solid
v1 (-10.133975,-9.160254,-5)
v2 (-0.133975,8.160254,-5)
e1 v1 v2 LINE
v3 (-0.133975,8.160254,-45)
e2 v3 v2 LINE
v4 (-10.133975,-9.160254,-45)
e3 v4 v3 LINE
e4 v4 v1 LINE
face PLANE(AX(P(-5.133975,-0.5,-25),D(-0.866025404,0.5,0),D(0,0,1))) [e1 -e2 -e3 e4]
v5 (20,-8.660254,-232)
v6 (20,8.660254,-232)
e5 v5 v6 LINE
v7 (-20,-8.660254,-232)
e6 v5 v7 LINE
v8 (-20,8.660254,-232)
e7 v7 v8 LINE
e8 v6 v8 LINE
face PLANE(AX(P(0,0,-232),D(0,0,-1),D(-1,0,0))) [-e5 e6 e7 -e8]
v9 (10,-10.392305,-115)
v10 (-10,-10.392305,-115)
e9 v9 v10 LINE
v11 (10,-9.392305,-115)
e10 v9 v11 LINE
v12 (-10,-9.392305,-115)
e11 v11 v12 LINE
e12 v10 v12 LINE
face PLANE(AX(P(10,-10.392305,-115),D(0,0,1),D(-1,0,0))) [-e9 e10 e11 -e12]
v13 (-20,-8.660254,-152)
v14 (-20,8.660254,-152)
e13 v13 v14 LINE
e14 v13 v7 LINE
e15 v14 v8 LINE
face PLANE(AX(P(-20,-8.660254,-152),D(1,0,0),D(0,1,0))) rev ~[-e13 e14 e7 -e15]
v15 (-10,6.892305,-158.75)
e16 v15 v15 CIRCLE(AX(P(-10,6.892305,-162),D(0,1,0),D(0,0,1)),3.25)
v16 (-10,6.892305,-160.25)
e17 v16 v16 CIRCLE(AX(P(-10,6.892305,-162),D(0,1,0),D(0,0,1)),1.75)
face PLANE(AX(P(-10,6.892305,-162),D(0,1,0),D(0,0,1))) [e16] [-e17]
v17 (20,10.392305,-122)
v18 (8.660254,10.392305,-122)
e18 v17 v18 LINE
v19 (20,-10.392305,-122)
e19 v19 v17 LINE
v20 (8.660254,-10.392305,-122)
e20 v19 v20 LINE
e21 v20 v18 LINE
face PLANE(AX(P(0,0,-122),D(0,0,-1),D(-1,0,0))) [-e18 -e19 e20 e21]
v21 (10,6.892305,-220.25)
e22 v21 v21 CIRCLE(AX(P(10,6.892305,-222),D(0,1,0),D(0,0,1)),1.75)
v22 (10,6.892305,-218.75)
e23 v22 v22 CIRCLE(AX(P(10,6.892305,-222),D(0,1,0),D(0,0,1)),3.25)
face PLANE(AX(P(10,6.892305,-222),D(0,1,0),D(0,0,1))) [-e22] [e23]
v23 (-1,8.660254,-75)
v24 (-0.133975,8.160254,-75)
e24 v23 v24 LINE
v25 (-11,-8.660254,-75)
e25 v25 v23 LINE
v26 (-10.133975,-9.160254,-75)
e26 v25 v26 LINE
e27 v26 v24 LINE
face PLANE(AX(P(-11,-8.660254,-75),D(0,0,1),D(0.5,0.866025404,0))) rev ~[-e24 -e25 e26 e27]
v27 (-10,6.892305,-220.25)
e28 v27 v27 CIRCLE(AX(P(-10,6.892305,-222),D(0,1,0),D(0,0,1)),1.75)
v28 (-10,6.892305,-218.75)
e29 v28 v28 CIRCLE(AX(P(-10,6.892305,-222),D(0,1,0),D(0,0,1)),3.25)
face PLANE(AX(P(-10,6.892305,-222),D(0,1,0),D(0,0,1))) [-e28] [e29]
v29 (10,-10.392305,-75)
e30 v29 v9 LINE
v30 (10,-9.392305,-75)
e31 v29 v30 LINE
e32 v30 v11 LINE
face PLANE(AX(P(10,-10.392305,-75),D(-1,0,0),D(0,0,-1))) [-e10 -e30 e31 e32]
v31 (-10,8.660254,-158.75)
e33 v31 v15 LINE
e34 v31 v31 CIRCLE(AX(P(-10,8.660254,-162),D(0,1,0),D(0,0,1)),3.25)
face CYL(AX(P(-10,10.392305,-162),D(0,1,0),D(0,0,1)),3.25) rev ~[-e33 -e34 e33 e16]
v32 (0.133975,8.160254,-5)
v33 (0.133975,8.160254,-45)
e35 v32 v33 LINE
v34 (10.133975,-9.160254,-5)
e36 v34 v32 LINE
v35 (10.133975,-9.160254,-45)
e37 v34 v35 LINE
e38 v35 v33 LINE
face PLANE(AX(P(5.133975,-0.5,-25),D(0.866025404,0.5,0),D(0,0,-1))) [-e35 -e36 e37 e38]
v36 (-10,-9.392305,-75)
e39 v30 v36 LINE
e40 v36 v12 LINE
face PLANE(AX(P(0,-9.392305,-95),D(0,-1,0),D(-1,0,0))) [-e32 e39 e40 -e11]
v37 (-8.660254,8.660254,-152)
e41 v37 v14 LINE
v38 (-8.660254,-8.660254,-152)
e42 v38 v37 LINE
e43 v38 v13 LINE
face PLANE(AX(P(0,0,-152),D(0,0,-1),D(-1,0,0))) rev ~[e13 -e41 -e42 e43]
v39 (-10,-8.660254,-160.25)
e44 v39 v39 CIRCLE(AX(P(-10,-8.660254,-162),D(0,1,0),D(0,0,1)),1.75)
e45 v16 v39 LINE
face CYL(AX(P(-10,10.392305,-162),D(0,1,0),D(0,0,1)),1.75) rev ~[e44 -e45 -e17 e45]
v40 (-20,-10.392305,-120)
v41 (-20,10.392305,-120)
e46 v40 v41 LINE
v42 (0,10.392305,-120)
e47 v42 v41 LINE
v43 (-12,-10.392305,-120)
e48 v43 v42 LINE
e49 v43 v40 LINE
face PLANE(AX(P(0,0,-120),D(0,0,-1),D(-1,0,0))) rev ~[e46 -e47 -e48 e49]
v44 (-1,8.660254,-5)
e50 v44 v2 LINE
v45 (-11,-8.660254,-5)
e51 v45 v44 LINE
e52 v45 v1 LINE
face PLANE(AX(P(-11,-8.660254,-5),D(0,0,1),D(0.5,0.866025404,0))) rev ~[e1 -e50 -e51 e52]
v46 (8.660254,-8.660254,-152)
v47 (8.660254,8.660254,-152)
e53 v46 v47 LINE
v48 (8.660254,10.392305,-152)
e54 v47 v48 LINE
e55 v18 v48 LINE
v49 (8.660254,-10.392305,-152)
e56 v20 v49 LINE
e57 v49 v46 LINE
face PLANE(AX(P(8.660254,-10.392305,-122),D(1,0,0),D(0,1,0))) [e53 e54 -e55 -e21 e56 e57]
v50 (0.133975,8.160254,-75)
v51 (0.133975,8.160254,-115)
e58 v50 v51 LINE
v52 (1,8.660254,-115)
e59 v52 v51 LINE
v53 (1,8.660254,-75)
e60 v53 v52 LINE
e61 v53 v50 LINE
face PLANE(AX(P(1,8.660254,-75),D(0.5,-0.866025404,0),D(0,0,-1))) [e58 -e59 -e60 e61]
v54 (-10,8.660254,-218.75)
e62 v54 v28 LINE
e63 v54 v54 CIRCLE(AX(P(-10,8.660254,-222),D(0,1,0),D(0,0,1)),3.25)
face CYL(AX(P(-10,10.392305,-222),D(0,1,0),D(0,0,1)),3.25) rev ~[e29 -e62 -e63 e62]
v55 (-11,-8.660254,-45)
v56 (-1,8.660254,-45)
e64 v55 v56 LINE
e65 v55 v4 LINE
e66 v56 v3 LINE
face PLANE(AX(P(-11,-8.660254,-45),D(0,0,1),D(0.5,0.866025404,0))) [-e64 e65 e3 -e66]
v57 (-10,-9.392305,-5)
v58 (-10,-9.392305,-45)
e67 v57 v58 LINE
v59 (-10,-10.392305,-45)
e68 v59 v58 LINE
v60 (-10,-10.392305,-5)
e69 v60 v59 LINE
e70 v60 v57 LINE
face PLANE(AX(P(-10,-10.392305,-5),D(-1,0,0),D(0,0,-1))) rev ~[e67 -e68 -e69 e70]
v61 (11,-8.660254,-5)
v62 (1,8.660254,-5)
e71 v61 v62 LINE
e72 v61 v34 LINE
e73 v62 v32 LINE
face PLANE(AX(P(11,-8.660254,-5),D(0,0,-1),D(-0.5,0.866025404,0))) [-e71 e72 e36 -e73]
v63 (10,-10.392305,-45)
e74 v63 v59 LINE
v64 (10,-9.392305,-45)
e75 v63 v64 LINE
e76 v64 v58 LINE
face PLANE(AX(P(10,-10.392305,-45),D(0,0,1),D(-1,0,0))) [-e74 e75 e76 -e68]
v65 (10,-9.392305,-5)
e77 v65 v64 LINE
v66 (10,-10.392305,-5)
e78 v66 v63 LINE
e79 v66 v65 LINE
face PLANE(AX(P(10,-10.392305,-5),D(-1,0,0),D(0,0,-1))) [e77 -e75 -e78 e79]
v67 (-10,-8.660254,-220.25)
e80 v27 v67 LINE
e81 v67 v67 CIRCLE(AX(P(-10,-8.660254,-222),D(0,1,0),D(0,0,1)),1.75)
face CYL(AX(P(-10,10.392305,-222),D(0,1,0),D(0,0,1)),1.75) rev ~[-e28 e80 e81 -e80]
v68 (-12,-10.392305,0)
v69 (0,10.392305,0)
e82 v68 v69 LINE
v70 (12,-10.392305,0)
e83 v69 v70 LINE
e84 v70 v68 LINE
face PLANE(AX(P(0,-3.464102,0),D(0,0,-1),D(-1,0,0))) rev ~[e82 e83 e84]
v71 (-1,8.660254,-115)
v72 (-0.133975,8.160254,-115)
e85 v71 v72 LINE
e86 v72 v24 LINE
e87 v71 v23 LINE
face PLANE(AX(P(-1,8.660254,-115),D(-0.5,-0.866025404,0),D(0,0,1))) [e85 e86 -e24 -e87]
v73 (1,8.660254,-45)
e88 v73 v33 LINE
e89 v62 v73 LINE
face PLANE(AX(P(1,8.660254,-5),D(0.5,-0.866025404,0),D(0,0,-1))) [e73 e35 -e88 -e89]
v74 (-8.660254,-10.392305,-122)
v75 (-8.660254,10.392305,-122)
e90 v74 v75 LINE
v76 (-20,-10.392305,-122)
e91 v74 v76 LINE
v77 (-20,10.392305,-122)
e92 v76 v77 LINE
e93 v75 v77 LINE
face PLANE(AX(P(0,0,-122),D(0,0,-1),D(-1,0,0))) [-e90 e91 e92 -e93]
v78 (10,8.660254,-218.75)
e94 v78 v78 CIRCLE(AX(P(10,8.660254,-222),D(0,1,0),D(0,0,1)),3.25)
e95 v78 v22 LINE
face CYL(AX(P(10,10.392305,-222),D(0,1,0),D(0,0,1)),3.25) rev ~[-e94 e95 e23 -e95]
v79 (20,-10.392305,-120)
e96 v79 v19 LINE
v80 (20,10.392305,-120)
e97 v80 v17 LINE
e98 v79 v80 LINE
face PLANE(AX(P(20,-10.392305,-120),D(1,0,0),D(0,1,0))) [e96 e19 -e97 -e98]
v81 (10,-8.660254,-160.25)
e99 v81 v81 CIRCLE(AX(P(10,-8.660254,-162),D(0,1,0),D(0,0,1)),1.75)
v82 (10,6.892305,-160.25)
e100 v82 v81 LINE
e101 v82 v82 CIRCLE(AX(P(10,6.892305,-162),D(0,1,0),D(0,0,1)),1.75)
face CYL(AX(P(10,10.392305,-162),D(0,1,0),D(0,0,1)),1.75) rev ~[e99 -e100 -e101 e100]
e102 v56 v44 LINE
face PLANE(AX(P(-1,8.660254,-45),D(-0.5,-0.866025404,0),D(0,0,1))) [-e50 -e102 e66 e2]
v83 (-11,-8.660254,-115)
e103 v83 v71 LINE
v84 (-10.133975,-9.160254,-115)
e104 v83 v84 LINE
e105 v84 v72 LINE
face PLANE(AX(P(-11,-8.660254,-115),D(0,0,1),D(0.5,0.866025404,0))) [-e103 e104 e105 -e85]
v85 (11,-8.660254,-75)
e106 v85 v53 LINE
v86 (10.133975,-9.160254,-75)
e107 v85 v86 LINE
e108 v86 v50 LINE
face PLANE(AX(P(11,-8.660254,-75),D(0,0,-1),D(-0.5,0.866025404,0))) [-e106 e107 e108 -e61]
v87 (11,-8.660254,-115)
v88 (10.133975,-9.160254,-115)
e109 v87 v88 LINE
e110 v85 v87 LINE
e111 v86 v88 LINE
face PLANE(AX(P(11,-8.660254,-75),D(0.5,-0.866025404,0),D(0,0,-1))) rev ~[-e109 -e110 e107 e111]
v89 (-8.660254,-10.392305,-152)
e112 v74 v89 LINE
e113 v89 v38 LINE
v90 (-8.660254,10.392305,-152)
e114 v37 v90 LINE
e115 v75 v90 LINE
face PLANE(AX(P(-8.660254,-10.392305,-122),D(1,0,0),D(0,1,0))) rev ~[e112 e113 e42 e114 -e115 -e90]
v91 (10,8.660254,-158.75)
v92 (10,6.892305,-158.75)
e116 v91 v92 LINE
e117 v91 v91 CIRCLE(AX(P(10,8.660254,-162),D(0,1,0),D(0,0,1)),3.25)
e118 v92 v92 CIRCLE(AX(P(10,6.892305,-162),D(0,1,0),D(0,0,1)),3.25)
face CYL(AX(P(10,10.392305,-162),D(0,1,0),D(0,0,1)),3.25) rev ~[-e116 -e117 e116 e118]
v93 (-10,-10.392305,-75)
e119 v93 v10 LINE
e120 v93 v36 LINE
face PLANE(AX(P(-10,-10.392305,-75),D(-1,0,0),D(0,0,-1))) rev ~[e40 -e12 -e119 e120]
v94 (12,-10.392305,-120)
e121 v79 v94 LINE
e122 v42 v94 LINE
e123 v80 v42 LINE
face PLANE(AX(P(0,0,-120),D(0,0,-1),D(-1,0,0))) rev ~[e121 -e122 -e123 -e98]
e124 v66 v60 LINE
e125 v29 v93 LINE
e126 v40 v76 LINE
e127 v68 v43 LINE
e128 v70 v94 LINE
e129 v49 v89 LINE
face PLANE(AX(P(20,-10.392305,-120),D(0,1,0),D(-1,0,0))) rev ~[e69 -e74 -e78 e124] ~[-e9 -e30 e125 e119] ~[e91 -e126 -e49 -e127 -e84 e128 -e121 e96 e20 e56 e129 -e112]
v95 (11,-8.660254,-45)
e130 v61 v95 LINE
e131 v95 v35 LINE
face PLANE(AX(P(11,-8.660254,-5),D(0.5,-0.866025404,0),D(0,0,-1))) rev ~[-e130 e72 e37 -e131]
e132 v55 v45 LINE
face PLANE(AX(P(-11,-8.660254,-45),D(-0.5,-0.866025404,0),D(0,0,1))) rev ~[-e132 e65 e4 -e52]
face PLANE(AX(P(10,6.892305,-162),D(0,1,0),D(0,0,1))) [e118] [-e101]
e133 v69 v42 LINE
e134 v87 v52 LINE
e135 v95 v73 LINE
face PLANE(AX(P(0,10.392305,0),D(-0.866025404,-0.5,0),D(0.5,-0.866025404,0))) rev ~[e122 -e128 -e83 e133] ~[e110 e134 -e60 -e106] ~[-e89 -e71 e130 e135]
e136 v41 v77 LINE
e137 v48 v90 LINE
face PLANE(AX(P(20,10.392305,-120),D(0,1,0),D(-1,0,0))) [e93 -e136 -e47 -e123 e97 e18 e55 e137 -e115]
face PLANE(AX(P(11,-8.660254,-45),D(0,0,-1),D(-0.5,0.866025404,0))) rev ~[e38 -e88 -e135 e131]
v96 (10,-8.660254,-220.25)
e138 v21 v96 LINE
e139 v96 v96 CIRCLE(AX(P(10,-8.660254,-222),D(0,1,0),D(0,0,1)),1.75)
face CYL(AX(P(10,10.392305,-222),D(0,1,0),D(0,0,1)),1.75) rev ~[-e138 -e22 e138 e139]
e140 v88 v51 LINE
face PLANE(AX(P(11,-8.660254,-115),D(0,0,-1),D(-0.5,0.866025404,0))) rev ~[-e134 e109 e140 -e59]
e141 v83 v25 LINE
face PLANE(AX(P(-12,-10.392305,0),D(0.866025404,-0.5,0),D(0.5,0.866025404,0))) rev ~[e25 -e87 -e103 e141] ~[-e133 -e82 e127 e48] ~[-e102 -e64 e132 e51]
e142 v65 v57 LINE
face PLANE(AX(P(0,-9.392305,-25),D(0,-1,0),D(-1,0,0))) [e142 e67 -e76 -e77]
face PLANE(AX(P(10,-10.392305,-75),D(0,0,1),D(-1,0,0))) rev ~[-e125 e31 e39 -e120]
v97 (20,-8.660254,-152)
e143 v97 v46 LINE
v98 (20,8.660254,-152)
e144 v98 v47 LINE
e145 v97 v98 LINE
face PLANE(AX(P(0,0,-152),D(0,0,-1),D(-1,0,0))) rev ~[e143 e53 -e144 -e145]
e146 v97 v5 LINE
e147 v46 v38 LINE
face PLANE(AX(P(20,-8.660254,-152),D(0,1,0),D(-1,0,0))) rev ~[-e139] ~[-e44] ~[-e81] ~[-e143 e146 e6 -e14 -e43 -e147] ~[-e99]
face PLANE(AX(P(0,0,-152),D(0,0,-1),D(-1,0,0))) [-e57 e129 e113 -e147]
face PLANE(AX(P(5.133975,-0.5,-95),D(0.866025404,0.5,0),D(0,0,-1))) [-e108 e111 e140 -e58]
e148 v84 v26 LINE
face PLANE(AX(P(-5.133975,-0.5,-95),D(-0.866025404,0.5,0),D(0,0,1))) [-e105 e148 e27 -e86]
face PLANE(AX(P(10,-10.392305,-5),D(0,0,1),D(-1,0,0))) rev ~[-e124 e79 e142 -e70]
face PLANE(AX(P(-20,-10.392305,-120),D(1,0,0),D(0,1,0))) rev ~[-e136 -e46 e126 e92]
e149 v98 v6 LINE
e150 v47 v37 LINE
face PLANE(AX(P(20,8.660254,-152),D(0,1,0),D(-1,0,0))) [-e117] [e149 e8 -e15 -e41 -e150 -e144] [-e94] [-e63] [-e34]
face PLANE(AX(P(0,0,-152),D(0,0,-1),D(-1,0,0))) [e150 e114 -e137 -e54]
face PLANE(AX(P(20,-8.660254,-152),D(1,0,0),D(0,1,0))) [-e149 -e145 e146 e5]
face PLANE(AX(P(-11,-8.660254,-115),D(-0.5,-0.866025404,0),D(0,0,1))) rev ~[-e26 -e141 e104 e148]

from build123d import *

# Parameters (mm, degrees)
EXTRUDE_2_DEPTH     = 120
SKETCH_3_W          = 40
SKETCH_3_H          = 20.78460969
EXTRUDE_3_DEPTH     = 2
SKETCH_4_W          = 17.320508076
SKETCH_4_H          = 20.78460969
EXTRUDE_4_DEPTH     = 30
SKETCH_5_W          = 40
SKETCH_5_H          = 17.320508076
EXTRUDE_5_DEPTH     = 80
SKETCH_6_R          = 1.75
CUT_EXTRUDE_1_DEPTH = 234.786227139
SKETCH_7_R          = 3.25
CUT_EXTRUDE_2_DEPTH = 3.5
SKETCH_8_W          = 40
SKETCH_8_H          = 20
CUT_EXTRUDE_3_DEPTH = 1
SKETCH_10_W         = 40
SKETCH_10_H         = 20
CUT_EXTRUDE_4_DEPTH = 1
SKETCH_11_W         = 20
SKETCH_11_H         = 40
CUT_EXTRUDE_5_DEPTH = 1


with BuildPart() as part:
    # ｽｹｯﾁ2 → ﾎﾞｽ - 押し出し2 (new body)
    with BuildSketch(Plane(origin=(0, 0, 0), x_dir=(-1, 0, 0), z_dir=(0, 0, -1))):
        Polygon((12, -10.392304845), (0, 10.392304845), (-12, -10.392304845), align=None)
    extrude(amount=EXTRUDE_2_DEPTH)

    # ｽｹｯﾁ3 → ﾎﾞｽ - 押し出し3 (add)
    with BuildSketch(Plane(origin=(0, 0, -120), x_dir=(-1, 0, 0), z_dir=(0, 0, -1))):
        Rectangle(SKETCH_3_W, SKETCH_3_H)
    extrude(amount=EXTRUDE_3_DEPTH)

    # ｽｹｯﾁ4 → ﾎﾞｽ - 押し出し4 (add)
    with BuildSketch(Plane(origin=(0, 0, -122), x_dir=(-1, 0, 0), z_dir=(0, 0, -1))):
        Rectangle(SKETCH_4_W, SKETCH_4_H)
    extrude(amount=EXTRUDE_4_DEPTH)

    # ｽｹｯﾁ5 → ﾎﾞｽ - 押し出し5 (add)
    with BuildSketch(Plane(origin=(0, 0, -152), x_dir=(-1, 0, 0), z_dir=(0, 0, -1))):
        Rectangle(SKETCH_5_W, SKETCH_5_H)
    extrude(amount=EXTRUDE_5_DEPTH)

    # ｽｹｯﾁ6 → ｶｯﾄ - 押し出し1 (cut, through all)
    with BuildSketch(Plane(origin=(0, 10.392304845, 0), x_dir=(1, 0, 0), z_dir=(0, 1, 0))):
        with Locations(Location((-10, 162, 0), (0, 0, 270))):
            Circle(SKETCH_6_R)
        with Locations(Location((10, 162, 0), (0, 0, 270))):
            Circle(SKETCH_6_R)
        with Locations(Location((-10, 222, 0), (0, 0, 270))):
            Circle(SKETCH_6_R)
        with Locations(Location((10, 222, 0), (0, 0, 270))):
            Circle(SKETCH_6_R)
    extrude(amount=-CUT_EXTRUDE_1_DEPTH, mode=Mode.SUBTRACT)

    # ｽｹｯﾁ7 → ｶｯﾄ - 押し出し2 (cut)
    with BuildSketch(Plane(origin=(0, 10.392304845, 0), x_dir=(1, 0, 0), z_dir=(0, 1, 0))):
        with Locations(Location((-10, 162, 0), (0, 0, 270))):
            Circle(SKETCH_7_R)
        with Locations(Location((-10, 222, 0), (0, 0, 270))):
            Circle(SKETCH_7_R)
        with Locations(Location((10, 222, 0), (0, 0, 270))):
            Circle(SKETCH_7_R)
        with Locations(Location((10, 162, 0), (0, 0, 270))):
            Circle(SKETCH_7_R)
    extrude(amount=-CUT_EXTRUDE_2_DEPTH, mode=Mode.SUBTRACT)

    # ｽｹｯﾁ8 → ｶｯﾄ - 押し出し3 (cut)
    with BuildSketch(Plane(origin=(-4.5, 2.598076211, 0), x_dir=(0, 0, 1), z_dir=(-0.8660254037844386, 0.5000000000000001, 0))):
        with Locations((-95, -3)):
            Rectangle(SKETCH_8_W, SKETCH_8_H)
        with Locations((-25, -3)):
            Rectangle(SKETCH_8_W, SKETCH_8_H)
    extrude(amount=-CUT_EXTRUDE_3_DEPTH, mode=Mode.SUBTRACT)

    # ｽｹｯﾁ10 → ｶｯﾄ - 押し出し4 (cut)
    with BuildSketch(Plane(origin=(4.5, 2.598076211, 0), x_dir=(0, 0, -1), z_dir=(0.8660254037844387, 0.5000000000000001, 0))):
        with Locations((25, -3)):
            Rectangle(SKETCH_10_W, SKETCH_10_H)
        with Locations((95, -3)):
            Rectangle(SKETCH_10_W, SKETCH_10_H)
    extrude(amount=-CUT_EXTRUDE_4_DEPTH, mode=Mode.SUBTRACT)

    # ｽｹｯﾁ11 → ｶｯﾄ - 押し出し5 (cut)
    with BuildSketch(Plane(origin=(0, -10.392304845, 0), x_dir=(-1, 0, 0), z_dir=(0, -1, 0))):
        with Locations((0, 25)):
            Rectangle(SKETCH_11_W, SKETCH_11_H)
        with Locations((0, 95)):
            Rectangle(SKETCH_11_W, SKETCH_11_H)
    extrude(amount=-CUT_EXTRUDE_5_DEPTH, mode=Mode.SUBTRACT)


solid = part.part
